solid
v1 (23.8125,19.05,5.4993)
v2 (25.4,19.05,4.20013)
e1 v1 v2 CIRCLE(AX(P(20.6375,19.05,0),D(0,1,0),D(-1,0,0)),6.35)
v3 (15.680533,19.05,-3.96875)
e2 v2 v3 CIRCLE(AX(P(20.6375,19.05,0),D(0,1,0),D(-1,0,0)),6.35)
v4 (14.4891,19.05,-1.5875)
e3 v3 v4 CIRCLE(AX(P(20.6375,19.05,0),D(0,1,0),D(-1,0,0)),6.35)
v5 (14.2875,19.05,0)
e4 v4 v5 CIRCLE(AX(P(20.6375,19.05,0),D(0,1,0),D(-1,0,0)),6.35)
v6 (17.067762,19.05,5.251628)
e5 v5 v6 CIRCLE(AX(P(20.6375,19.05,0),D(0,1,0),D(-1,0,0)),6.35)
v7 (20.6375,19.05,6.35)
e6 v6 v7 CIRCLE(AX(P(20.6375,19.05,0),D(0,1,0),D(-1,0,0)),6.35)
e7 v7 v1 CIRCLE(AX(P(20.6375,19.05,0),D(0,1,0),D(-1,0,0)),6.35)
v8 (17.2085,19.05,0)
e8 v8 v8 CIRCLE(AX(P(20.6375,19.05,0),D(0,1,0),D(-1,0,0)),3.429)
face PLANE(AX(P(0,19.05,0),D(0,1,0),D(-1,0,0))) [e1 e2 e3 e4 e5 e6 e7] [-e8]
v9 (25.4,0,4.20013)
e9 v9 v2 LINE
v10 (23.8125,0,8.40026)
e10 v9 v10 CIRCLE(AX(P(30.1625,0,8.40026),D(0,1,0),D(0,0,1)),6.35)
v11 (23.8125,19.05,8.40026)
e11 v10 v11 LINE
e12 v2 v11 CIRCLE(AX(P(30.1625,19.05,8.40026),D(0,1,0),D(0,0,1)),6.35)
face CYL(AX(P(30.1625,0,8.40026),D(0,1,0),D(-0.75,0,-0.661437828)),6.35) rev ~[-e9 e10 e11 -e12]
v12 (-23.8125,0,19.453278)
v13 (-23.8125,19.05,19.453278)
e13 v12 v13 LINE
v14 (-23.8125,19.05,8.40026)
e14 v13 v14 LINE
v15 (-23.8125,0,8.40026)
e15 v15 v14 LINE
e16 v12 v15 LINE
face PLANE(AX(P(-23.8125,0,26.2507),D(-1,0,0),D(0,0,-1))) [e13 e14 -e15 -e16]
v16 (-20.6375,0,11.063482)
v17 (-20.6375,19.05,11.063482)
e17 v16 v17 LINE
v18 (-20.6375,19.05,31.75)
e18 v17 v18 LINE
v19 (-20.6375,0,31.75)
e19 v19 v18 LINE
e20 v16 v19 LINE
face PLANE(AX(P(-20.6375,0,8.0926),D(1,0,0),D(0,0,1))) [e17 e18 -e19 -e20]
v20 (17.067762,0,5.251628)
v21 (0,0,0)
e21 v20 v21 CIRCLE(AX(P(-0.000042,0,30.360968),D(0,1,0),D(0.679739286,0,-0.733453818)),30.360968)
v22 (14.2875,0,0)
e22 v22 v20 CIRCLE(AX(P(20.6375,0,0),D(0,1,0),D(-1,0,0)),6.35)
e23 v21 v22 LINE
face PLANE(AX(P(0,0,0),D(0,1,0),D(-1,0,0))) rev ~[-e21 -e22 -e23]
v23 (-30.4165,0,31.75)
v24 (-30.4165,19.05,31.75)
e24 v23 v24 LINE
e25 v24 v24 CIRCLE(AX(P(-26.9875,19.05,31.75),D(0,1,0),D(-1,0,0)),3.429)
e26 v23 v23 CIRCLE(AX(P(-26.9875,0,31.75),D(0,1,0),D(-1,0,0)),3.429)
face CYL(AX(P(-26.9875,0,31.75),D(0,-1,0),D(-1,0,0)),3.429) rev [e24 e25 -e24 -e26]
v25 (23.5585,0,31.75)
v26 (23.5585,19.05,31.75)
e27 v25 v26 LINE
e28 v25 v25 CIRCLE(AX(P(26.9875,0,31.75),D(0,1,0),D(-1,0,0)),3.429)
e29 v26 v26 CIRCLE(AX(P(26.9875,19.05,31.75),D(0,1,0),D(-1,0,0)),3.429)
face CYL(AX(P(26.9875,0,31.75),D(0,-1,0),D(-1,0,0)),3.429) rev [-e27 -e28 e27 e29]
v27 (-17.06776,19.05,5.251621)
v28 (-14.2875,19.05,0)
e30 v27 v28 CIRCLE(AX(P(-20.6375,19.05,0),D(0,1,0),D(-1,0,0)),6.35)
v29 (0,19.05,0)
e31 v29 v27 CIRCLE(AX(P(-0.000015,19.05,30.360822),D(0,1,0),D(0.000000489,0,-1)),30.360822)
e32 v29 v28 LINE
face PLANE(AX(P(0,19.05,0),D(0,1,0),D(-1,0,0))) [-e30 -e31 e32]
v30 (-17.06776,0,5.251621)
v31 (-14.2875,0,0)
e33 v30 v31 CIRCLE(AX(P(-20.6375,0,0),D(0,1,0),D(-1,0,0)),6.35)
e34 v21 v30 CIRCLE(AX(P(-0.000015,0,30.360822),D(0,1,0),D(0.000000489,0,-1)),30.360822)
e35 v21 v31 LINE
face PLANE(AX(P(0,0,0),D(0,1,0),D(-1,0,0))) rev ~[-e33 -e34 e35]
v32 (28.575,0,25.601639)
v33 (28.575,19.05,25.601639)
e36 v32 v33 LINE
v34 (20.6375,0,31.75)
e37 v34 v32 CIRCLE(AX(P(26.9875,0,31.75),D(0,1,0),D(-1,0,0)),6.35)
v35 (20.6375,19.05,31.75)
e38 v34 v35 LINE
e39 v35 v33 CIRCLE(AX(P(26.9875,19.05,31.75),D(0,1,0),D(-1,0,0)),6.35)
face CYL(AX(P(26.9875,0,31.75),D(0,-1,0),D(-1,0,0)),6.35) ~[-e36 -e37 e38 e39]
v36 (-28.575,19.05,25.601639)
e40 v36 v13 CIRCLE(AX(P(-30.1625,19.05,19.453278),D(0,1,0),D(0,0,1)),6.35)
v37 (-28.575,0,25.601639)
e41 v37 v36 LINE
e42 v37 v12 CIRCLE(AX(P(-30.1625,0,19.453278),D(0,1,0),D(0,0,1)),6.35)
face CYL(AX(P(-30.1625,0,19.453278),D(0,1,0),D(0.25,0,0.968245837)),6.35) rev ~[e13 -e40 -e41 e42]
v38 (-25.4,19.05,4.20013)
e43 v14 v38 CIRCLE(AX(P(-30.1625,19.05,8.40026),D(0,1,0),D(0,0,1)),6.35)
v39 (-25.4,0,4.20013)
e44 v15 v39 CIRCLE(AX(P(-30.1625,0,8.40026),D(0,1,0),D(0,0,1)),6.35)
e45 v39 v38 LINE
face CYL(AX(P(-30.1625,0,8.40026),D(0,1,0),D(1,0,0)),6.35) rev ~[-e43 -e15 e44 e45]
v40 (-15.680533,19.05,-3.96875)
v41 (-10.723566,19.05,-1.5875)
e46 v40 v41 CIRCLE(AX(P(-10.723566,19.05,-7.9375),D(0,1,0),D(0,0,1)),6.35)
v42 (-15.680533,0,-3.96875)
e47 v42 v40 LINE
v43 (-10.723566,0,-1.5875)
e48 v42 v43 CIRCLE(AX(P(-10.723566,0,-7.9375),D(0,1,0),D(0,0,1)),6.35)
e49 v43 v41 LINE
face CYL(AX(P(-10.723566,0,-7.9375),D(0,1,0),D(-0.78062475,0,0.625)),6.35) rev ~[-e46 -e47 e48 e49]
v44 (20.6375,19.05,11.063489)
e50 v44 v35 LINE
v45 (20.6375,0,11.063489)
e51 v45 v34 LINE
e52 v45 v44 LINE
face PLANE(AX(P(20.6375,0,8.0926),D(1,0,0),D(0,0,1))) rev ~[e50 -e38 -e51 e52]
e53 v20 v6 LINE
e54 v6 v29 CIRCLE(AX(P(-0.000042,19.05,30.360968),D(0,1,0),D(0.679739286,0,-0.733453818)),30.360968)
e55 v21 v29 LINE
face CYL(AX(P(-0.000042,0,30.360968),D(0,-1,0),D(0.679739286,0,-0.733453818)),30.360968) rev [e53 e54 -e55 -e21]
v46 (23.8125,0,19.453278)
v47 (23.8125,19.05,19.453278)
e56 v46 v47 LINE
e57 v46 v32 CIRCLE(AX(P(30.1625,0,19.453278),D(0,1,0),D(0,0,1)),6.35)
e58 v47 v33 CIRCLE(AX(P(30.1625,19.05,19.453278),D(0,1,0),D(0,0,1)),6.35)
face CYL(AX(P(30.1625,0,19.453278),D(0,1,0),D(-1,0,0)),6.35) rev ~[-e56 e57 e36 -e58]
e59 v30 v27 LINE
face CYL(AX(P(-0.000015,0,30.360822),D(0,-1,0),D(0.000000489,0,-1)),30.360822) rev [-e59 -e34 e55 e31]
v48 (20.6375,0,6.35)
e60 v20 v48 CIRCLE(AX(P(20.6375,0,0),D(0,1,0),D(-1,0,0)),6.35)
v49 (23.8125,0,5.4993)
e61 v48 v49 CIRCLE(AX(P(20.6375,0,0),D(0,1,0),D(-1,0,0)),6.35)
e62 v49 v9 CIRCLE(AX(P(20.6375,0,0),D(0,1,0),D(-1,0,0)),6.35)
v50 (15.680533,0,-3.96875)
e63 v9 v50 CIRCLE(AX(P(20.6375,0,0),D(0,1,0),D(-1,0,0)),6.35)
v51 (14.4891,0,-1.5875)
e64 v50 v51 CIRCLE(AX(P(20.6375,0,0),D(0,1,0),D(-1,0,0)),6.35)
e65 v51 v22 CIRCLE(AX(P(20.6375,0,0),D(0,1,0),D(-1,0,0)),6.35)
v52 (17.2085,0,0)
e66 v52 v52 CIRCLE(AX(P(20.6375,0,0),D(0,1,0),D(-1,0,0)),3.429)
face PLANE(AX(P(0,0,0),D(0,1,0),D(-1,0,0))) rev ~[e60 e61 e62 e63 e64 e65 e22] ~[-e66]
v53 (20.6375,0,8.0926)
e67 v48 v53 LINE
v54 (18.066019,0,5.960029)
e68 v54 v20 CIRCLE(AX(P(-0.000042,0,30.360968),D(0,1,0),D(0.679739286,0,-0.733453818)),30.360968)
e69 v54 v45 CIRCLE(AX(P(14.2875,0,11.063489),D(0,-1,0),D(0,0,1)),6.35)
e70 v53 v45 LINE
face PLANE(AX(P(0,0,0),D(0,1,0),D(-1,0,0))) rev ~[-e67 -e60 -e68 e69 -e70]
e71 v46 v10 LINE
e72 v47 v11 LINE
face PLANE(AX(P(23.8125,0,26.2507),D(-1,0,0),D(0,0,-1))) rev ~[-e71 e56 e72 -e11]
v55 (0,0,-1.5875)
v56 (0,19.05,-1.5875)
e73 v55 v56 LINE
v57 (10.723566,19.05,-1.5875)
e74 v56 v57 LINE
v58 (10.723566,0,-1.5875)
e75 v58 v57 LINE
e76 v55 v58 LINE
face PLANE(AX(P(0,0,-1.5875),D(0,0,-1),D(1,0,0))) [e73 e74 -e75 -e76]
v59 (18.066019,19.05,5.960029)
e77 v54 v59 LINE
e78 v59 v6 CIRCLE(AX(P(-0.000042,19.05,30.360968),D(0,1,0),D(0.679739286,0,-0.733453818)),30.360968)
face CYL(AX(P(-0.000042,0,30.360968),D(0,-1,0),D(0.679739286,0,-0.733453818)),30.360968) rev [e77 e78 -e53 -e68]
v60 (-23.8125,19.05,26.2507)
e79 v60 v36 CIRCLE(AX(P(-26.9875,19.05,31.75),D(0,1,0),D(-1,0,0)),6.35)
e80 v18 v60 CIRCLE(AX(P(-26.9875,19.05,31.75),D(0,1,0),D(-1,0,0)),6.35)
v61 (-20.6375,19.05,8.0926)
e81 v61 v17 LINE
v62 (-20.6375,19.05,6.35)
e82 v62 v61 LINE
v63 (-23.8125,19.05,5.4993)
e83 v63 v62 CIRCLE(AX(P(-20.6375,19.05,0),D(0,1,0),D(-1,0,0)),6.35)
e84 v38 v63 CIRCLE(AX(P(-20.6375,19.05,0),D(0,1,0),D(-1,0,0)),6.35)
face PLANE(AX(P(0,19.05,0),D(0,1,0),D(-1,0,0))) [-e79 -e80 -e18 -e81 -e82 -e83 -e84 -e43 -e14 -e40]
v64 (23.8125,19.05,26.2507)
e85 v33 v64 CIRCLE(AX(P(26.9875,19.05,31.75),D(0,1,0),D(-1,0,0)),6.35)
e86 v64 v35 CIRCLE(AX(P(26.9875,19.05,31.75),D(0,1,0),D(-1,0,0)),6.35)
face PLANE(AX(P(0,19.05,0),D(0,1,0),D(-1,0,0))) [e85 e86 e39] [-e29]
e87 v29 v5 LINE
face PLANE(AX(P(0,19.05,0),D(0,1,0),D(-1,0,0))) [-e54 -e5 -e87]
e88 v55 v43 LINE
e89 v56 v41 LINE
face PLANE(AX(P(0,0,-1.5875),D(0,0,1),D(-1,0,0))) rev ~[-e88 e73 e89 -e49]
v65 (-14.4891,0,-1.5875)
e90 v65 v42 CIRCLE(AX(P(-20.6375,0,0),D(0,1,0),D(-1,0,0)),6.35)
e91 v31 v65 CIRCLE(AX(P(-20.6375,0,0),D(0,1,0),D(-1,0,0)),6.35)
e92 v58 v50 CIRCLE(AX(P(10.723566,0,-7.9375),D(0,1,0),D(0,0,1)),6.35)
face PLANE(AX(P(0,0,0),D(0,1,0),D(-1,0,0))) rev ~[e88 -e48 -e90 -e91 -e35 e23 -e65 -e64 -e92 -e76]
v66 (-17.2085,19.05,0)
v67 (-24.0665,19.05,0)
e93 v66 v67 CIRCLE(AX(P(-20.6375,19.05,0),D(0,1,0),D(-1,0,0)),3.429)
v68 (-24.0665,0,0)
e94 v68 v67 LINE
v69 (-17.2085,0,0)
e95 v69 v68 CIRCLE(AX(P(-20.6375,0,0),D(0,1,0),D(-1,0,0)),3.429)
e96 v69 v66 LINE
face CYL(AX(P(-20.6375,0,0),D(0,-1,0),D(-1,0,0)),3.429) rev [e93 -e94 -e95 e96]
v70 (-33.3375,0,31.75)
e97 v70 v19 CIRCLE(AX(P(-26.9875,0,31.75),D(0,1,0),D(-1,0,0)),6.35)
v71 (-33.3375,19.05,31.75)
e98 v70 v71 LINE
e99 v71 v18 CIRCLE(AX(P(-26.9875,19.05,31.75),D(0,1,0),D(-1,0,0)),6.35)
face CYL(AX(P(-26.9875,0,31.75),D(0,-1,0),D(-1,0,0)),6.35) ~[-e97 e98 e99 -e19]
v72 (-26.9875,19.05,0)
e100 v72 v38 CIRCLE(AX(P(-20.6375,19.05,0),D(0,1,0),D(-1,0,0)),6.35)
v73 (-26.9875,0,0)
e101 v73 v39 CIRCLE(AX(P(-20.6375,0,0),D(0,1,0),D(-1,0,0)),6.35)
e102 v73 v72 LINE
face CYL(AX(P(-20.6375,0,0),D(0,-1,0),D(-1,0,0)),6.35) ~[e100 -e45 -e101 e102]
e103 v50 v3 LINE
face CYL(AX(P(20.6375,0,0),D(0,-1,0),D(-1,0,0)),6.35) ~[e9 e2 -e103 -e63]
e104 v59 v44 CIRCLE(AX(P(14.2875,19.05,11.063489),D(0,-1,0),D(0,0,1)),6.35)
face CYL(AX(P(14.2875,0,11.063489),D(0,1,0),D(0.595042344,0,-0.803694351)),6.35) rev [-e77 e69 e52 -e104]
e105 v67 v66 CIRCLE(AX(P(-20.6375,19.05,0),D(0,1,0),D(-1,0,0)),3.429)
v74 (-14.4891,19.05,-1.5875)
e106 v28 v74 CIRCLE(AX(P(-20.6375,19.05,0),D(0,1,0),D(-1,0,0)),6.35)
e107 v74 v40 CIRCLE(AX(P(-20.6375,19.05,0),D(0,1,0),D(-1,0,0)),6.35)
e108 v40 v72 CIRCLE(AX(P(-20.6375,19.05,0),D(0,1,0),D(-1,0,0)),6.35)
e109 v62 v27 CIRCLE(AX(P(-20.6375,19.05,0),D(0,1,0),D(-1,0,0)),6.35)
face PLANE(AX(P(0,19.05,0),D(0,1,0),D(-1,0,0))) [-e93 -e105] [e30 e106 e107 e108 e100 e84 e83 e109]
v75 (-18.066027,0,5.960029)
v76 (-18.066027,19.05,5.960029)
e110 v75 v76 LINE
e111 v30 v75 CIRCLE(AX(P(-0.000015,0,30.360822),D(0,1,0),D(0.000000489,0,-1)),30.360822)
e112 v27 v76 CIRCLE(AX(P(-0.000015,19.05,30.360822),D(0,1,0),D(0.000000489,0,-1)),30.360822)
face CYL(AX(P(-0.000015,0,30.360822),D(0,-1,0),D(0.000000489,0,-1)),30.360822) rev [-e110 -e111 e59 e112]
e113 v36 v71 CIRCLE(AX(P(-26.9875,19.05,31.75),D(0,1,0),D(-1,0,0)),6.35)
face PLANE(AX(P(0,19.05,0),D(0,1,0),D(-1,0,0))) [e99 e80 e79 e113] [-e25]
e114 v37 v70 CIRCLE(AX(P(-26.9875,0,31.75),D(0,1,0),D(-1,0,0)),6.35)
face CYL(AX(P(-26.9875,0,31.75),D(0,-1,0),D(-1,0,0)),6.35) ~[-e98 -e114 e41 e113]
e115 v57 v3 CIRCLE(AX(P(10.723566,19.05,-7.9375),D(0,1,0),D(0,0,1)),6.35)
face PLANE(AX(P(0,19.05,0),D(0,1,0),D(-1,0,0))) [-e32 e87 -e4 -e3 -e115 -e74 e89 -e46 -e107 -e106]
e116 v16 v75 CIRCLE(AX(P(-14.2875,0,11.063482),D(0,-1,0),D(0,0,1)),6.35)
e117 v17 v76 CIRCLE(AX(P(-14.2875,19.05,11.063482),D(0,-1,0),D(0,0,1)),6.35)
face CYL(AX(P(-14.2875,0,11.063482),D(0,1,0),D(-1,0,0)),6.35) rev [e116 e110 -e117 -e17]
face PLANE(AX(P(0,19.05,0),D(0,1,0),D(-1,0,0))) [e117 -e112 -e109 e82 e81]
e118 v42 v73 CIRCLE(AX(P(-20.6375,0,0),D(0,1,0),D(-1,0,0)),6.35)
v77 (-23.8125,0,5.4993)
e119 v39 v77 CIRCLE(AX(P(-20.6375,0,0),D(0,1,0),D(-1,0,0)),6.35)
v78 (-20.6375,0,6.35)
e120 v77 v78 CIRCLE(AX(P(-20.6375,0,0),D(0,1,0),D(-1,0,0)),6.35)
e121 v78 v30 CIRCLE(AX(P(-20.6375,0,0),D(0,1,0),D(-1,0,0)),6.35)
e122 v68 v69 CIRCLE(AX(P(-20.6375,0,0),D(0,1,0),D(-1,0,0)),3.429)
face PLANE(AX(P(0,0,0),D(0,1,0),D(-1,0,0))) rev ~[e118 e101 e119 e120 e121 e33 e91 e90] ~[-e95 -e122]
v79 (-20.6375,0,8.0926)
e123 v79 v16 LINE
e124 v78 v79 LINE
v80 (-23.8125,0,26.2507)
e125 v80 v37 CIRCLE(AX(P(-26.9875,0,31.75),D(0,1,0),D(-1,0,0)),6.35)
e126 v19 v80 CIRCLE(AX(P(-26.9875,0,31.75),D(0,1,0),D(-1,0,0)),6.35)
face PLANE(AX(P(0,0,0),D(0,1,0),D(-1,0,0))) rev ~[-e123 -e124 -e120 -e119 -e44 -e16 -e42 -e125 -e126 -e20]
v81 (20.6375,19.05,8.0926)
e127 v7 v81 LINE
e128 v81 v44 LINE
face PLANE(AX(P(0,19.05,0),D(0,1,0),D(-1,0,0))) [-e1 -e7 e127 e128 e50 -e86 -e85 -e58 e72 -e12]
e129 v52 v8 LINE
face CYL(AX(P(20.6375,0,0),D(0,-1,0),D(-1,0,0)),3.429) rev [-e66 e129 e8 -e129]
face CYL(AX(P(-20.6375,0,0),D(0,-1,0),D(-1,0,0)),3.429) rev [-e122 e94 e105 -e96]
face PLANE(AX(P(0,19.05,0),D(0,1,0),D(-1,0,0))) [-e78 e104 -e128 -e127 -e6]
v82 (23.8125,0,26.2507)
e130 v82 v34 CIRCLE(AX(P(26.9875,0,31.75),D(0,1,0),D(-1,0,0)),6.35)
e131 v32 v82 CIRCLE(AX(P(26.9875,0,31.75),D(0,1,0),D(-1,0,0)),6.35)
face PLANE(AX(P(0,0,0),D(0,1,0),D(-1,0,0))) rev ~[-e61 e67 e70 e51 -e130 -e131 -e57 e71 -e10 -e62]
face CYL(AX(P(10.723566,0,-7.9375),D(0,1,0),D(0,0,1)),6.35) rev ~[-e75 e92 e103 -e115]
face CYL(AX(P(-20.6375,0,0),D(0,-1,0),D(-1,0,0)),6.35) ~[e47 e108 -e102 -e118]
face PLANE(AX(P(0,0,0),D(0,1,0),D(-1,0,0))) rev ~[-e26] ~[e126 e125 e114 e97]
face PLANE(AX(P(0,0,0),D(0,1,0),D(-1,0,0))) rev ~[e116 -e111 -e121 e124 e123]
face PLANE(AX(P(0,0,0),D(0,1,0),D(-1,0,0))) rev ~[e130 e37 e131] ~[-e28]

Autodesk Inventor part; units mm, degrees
ref_plane "YZ Plane" through (0, 0, 0) normal (1, 0, 0) x (0, 1, 0)
ref_plane "XZ Plane" through (0, 0, 0) normal (0, 1, 0) x (-1, 0, 0)
ref_plane "XY Plane" through (0, 0, 0) normal (0, 0, 1) x (1, 0, 0)
sketch "Sketch1" plane through (0, 0, 0) normal (0, 1, 0) x (-1, 0, 0)
  circle A0 centre (26.9875, 31.75) radius 3.429
  line L0 (0, 0) -> (0, -38.1) construction
  circle A1 centre (26.9875, 31.75) radius 6.35
  line L1 (0, 0) -> (20.6375, 0) construction
  line L2 (20.6375, 31.75) -> (0, 31.75) construction
  line L3 (0, 31.75) -> (0, 0) construction
  circle A2 centre (20.6375, 0) radius 3.429
  circle A3 centre (20.6375, 0) radius 6.35
  line L4 (20.6375, 6.35) -> (20.6375, 31.75)
  line L5 (23.8125, 26.2507) -> (23.8125, 5.4993)
  arc A4 (0, 0) -> (20.6375, 8.0926) centre (0, 30.3609) ccw
  line L6 (0, 0) -> (20.6375, 0)
  line L7 (0, -1.5875) -> (14.4891, -1.5875)
  circle A5 centre (-26.9875, 31.75) radius 3.429
  circle A6 centre (-26.9875, 31.75) radius 6.35
  line L8 (0, 0) -> (-20.6375, 0) construction
  line L9 (-20.6375, 31.75) -> (0, 31.75) construction
  circle A7 centre (-20.6375, 0) radius 3.429
  circle A8 centre (-20.6375, 0) radius 6.35
  line L10 (-20.6375, 6.35) -> (-20.6375, 31.75)
  line L11 (-23.8125, 26.2507) -> (-23.8125, 5.4993)
  arc A9 (-20.6375, 8.0926) -> (0, 0) centre (0, 30.3609) ccw
  line L12 (0, 0) -> (-20.6375, 0)
  line L13 (0, -1.5875) -> (-14.4891, -1.5875)
  dimension "d0" = 6.858
  dimension "d1" = 38.1
  dimension "d2" = 26.9875
  dimension "d3" = 12.7
  dimension "d5" = 31.75
  dimension "d9" = 6.858
  dimension "d10" = 12.7
  dimension "d11" = 3.175
  dimension "d13" = 1.5875
extrude "Extrusion1" add sketch "Sketch1" along normal blind 19.05
fillet "Fillet1" radius 6.35 8 edges at (-20.6375, 9.525, 8.0926) (20.6375, 9.525, 8.0926) (-14.4891, 9.525, -1.5875) (14.4891, 9.525, -1.5875) (23.8125, 9.525, 5.4993) (23.8125, 9.525, 26.2507) (-23.8125, 9.525, 5.4993) (-23.8125, 9.525, 26.2507)
properties part number "Chassis"
